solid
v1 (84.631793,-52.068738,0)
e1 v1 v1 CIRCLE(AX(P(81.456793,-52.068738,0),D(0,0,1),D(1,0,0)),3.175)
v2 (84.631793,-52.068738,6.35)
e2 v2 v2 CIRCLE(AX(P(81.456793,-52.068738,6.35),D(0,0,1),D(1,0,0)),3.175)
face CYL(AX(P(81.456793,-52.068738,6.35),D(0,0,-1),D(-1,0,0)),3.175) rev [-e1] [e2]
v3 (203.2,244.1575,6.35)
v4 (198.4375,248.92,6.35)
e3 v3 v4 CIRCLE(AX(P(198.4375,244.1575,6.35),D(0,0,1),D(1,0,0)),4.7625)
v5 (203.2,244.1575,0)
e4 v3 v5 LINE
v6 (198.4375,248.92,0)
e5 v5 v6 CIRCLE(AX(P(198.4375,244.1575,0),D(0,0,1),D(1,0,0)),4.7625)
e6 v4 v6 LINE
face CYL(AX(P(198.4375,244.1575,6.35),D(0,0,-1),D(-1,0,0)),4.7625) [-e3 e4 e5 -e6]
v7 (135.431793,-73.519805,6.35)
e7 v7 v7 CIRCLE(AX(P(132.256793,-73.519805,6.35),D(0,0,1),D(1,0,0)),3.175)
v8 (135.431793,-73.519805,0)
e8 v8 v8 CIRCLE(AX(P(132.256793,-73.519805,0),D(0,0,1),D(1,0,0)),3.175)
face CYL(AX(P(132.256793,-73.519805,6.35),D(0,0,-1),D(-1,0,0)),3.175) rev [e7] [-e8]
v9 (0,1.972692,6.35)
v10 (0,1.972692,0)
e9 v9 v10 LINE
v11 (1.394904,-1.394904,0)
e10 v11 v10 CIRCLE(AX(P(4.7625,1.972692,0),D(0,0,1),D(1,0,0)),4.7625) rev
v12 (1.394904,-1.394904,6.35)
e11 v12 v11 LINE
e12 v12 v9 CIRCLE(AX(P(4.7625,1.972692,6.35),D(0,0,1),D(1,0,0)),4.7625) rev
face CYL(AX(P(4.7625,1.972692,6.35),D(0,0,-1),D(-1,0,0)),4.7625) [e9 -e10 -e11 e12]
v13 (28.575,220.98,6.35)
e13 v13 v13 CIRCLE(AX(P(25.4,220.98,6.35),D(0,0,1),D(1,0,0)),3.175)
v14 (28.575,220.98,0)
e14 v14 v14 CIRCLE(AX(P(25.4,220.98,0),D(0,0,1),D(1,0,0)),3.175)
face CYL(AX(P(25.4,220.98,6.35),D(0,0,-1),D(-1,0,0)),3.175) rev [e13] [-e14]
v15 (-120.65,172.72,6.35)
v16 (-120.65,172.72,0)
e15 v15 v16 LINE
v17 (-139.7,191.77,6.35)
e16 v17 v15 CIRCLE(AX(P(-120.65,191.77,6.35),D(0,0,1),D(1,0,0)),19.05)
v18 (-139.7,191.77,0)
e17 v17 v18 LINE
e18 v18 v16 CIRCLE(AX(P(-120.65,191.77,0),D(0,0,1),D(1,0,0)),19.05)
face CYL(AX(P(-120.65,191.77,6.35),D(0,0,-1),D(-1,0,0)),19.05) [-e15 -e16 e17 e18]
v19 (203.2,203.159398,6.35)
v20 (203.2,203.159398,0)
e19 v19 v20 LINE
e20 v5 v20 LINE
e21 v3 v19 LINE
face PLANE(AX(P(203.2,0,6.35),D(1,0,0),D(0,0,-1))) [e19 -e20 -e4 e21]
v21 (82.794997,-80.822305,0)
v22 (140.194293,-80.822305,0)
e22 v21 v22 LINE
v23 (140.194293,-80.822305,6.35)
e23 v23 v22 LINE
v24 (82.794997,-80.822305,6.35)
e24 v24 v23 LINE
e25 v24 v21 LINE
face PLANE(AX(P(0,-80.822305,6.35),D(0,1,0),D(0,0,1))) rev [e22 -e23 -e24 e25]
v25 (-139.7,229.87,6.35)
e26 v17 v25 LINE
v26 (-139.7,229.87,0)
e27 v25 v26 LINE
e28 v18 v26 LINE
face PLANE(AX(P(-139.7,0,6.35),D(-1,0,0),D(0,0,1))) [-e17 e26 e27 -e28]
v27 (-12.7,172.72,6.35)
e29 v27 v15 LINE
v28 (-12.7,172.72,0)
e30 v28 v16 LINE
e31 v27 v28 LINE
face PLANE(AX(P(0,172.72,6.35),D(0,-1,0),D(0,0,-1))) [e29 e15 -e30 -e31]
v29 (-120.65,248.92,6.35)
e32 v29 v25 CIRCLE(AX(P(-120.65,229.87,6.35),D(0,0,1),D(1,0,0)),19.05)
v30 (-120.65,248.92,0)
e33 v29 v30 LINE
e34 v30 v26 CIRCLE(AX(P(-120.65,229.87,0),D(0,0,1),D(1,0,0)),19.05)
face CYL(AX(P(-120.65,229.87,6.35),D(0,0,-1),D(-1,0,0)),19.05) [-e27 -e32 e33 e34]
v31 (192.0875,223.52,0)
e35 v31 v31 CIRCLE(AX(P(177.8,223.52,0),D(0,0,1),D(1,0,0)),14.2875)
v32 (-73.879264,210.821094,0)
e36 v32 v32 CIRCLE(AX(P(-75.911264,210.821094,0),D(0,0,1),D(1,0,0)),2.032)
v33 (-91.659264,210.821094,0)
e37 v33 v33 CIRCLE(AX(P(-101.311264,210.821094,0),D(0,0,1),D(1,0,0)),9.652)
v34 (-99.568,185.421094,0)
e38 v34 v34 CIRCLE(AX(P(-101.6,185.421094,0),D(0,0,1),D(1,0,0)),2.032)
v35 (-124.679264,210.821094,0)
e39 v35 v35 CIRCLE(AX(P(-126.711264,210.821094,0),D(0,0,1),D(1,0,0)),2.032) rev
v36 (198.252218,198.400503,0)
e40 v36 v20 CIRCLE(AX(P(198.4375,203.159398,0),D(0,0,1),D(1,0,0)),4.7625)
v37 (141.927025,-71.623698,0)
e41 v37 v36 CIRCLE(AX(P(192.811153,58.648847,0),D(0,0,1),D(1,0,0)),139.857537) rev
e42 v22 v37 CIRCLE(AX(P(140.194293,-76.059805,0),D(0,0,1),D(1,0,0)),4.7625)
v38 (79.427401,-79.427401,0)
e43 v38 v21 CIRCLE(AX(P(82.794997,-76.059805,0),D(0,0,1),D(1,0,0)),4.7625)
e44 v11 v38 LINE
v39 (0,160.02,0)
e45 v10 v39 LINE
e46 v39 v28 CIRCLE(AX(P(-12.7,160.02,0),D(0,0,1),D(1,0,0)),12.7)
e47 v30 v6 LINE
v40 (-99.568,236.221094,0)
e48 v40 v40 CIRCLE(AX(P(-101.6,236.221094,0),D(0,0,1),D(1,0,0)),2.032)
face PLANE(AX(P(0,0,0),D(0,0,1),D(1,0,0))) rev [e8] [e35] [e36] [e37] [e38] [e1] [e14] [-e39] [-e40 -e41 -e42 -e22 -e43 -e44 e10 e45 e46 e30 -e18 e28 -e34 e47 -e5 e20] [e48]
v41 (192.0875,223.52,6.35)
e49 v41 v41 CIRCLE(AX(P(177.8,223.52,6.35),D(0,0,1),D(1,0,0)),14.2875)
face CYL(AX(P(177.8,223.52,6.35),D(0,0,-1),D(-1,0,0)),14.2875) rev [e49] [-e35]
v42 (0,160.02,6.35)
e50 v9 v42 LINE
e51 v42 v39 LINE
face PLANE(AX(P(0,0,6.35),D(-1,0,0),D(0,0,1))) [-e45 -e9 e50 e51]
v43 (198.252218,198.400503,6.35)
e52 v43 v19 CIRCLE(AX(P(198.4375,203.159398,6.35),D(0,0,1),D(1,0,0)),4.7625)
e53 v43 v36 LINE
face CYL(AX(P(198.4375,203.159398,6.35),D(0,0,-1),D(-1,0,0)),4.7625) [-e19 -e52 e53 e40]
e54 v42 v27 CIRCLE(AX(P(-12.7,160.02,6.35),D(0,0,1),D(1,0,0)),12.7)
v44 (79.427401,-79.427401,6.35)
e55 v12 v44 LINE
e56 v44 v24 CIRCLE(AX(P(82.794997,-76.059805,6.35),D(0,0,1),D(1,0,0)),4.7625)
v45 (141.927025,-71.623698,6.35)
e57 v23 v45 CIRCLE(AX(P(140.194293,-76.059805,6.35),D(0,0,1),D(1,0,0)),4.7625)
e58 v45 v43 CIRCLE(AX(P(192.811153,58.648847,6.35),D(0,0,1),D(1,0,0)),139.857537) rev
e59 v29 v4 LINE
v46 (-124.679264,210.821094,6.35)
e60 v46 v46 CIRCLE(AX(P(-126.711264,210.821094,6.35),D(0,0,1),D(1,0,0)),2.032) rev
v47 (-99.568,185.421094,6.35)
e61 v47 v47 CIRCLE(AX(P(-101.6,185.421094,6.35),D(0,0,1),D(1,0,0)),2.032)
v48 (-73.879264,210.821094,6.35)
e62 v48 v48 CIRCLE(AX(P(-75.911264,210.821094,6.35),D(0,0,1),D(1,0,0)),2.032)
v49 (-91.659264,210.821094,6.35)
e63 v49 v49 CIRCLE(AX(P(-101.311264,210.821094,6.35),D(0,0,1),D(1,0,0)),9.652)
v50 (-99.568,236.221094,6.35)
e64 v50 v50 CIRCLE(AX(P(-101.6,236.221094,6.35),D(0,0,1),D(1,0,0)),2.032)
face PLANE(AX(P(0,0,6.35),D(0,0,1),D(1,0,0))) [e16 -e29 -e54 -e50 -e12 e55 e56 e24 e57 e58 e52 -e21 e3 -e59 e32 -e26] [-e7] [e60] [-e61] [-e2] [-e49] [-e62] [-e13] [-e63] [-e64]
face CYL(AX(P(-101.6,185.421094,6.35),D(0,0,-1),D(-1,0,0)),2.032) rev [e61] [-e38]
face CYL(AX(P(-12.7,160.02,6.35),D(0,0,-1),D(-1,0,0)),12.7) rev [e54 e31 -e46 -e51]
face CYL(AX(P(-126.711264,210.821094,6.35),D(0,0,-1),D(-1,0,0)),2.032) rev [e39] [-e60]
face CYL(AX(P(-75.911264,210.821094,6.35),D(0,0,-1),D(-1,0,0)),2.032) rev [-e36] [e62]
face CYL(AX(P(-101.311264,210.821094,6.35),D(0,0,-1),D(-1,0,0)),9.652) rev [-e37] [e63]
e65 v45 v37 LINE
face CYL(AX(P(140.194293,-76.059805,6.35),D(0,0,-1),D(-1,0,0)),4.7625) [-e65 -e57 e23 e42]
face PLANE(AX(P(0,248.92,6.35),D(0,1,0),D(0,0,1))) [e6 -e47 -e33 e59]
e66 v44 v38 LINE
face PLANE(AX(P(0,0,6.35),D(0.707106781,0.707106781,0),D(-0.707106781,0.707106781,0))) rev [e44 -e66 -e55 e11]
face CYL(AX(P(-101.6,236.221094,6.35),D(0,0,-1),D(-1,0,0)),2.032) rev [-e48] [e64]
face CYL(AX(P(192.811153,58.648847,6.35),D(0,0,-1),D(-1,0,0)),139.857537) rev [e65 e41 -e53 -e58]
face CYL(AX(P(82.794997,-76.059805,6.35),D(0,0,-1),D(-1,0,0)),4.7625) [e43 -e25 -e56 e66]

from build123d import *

# Parameters (mm, degrees)
SKETCH1_R           = 14.2875
SKETCH1_R_2         = 3.175
SKETCH1_R_3         = 9.652
SKETCH1_R_4         = 2.032
BOSS_EXTRUDE3_DEPTH = 6.35


with BuildPart() as part:
    # Sketch1 → Boss-Extrude3 (new body)
    with BuildSketch(Plane.XY):
        with BuildLine():
            Line((0, 1.972692091), (0, 160.02))
            ThreePointArc((0, 160.02), (-3.719743879, 169.000256121), (-12.7, 172.72))
            Line((-12.7, 172.72), (-101.6, 172.72))
            Line((-101.6, 172.72), (-120.65, 172.72))
            ThreePointArc((-120.65, 172.72), (-134.120384182, 178.299615818), (-139.7, 191.77))
            Line((-139.7, 191.77), (-139.7, 229.87))
            ThreePointArc((-139.7, 229.87), (-134.120384182, 243.340384182), (-120.65, 248.92))
            Line((-120.65, 248.92), (-101.6, 248.92))
            Line((-101.6, 248.92), (0, 248.92))
            Line((0, 248.92), (4.7625, 248.92))
            Line((4.7625, 248.92), (198.4375, 248.92))
            ThreePointArc((198.4375, 248.92), (201.805096045, 247.525096045), (203.2, 244.1575))
            Line((203.2, 244.1575), (203.2, 203.159397936))
            ThreePointArc((203.2, 203.159397936), (201.73893916, 199.726919863), (198.252218068, 198.400503437))
            ThreePointArc((198.252218068, 198.400503437), (55.900468813, 87.207475286), (141.92702513, -71.623698082))
            ThreePointArc((141.92702513, -71.623698082), (144.874483412, -76.941407786), (140.194292932, -80.82230509))
            Line((140.194292932, -80.82230509), (82.79499718, -80.82230509))
            ThreePointArc((82.79499718, -80.82230509), (80.972467334, -80.459781363), (79.427401135, -79.427401135))
            Line((79.427401135, -79.427401135), (1.394903955, -1.394903955))
            ThreePointArc((1.394903955, -1.394903955), (0.362523726, 0.150162244), (0, 1.972692091))
        make_face()
        with Locations((177.8, 223.52)):
            Circle(SKETCH1_R, mode=Mode.SUBTRACT)
        with Locations((132.256792932, -73.51980509)):
            Circle(SKETCH1_R_2, mode=Mode.SUBTRACT)
        with Locations((81.456792932, -52.06873783)):
            Circle(SKETCH1_R_2, mode=Mode.SUBTRACT)
        with Locations((25.4, 220.98)):
            Circle(SKETCH1_R_2, mode=Mode.SUBTRACT)
        with Locations((-101.311264174, 210.821094089)):
            Circle(SKETCH1_R_3, mode=Mode.SUBTRACT)
        with Locations((-75.911264174, 210.821094089)):
            Circle(SKETCH1_R_4, mode=Mode.SUBTRACT)
        with Locations((-126.711264174, 210.821094089)):
            Circle(SKETCH1_R_4, mode=Mode.SUBTRACT)
        with Locations((-101.6, 236.221094089)):
            Circle(SKETCH1_R_4, mode=Mode.SUBTRACT)
        with Locations((-101.6, 185.421094089)):
            Circle(SKETCH1_R_4, mode=Mode.SUBTRACT)
    extrude(amount=BOSS_EXTRUDE3_DEPTH)


solid = part.part
